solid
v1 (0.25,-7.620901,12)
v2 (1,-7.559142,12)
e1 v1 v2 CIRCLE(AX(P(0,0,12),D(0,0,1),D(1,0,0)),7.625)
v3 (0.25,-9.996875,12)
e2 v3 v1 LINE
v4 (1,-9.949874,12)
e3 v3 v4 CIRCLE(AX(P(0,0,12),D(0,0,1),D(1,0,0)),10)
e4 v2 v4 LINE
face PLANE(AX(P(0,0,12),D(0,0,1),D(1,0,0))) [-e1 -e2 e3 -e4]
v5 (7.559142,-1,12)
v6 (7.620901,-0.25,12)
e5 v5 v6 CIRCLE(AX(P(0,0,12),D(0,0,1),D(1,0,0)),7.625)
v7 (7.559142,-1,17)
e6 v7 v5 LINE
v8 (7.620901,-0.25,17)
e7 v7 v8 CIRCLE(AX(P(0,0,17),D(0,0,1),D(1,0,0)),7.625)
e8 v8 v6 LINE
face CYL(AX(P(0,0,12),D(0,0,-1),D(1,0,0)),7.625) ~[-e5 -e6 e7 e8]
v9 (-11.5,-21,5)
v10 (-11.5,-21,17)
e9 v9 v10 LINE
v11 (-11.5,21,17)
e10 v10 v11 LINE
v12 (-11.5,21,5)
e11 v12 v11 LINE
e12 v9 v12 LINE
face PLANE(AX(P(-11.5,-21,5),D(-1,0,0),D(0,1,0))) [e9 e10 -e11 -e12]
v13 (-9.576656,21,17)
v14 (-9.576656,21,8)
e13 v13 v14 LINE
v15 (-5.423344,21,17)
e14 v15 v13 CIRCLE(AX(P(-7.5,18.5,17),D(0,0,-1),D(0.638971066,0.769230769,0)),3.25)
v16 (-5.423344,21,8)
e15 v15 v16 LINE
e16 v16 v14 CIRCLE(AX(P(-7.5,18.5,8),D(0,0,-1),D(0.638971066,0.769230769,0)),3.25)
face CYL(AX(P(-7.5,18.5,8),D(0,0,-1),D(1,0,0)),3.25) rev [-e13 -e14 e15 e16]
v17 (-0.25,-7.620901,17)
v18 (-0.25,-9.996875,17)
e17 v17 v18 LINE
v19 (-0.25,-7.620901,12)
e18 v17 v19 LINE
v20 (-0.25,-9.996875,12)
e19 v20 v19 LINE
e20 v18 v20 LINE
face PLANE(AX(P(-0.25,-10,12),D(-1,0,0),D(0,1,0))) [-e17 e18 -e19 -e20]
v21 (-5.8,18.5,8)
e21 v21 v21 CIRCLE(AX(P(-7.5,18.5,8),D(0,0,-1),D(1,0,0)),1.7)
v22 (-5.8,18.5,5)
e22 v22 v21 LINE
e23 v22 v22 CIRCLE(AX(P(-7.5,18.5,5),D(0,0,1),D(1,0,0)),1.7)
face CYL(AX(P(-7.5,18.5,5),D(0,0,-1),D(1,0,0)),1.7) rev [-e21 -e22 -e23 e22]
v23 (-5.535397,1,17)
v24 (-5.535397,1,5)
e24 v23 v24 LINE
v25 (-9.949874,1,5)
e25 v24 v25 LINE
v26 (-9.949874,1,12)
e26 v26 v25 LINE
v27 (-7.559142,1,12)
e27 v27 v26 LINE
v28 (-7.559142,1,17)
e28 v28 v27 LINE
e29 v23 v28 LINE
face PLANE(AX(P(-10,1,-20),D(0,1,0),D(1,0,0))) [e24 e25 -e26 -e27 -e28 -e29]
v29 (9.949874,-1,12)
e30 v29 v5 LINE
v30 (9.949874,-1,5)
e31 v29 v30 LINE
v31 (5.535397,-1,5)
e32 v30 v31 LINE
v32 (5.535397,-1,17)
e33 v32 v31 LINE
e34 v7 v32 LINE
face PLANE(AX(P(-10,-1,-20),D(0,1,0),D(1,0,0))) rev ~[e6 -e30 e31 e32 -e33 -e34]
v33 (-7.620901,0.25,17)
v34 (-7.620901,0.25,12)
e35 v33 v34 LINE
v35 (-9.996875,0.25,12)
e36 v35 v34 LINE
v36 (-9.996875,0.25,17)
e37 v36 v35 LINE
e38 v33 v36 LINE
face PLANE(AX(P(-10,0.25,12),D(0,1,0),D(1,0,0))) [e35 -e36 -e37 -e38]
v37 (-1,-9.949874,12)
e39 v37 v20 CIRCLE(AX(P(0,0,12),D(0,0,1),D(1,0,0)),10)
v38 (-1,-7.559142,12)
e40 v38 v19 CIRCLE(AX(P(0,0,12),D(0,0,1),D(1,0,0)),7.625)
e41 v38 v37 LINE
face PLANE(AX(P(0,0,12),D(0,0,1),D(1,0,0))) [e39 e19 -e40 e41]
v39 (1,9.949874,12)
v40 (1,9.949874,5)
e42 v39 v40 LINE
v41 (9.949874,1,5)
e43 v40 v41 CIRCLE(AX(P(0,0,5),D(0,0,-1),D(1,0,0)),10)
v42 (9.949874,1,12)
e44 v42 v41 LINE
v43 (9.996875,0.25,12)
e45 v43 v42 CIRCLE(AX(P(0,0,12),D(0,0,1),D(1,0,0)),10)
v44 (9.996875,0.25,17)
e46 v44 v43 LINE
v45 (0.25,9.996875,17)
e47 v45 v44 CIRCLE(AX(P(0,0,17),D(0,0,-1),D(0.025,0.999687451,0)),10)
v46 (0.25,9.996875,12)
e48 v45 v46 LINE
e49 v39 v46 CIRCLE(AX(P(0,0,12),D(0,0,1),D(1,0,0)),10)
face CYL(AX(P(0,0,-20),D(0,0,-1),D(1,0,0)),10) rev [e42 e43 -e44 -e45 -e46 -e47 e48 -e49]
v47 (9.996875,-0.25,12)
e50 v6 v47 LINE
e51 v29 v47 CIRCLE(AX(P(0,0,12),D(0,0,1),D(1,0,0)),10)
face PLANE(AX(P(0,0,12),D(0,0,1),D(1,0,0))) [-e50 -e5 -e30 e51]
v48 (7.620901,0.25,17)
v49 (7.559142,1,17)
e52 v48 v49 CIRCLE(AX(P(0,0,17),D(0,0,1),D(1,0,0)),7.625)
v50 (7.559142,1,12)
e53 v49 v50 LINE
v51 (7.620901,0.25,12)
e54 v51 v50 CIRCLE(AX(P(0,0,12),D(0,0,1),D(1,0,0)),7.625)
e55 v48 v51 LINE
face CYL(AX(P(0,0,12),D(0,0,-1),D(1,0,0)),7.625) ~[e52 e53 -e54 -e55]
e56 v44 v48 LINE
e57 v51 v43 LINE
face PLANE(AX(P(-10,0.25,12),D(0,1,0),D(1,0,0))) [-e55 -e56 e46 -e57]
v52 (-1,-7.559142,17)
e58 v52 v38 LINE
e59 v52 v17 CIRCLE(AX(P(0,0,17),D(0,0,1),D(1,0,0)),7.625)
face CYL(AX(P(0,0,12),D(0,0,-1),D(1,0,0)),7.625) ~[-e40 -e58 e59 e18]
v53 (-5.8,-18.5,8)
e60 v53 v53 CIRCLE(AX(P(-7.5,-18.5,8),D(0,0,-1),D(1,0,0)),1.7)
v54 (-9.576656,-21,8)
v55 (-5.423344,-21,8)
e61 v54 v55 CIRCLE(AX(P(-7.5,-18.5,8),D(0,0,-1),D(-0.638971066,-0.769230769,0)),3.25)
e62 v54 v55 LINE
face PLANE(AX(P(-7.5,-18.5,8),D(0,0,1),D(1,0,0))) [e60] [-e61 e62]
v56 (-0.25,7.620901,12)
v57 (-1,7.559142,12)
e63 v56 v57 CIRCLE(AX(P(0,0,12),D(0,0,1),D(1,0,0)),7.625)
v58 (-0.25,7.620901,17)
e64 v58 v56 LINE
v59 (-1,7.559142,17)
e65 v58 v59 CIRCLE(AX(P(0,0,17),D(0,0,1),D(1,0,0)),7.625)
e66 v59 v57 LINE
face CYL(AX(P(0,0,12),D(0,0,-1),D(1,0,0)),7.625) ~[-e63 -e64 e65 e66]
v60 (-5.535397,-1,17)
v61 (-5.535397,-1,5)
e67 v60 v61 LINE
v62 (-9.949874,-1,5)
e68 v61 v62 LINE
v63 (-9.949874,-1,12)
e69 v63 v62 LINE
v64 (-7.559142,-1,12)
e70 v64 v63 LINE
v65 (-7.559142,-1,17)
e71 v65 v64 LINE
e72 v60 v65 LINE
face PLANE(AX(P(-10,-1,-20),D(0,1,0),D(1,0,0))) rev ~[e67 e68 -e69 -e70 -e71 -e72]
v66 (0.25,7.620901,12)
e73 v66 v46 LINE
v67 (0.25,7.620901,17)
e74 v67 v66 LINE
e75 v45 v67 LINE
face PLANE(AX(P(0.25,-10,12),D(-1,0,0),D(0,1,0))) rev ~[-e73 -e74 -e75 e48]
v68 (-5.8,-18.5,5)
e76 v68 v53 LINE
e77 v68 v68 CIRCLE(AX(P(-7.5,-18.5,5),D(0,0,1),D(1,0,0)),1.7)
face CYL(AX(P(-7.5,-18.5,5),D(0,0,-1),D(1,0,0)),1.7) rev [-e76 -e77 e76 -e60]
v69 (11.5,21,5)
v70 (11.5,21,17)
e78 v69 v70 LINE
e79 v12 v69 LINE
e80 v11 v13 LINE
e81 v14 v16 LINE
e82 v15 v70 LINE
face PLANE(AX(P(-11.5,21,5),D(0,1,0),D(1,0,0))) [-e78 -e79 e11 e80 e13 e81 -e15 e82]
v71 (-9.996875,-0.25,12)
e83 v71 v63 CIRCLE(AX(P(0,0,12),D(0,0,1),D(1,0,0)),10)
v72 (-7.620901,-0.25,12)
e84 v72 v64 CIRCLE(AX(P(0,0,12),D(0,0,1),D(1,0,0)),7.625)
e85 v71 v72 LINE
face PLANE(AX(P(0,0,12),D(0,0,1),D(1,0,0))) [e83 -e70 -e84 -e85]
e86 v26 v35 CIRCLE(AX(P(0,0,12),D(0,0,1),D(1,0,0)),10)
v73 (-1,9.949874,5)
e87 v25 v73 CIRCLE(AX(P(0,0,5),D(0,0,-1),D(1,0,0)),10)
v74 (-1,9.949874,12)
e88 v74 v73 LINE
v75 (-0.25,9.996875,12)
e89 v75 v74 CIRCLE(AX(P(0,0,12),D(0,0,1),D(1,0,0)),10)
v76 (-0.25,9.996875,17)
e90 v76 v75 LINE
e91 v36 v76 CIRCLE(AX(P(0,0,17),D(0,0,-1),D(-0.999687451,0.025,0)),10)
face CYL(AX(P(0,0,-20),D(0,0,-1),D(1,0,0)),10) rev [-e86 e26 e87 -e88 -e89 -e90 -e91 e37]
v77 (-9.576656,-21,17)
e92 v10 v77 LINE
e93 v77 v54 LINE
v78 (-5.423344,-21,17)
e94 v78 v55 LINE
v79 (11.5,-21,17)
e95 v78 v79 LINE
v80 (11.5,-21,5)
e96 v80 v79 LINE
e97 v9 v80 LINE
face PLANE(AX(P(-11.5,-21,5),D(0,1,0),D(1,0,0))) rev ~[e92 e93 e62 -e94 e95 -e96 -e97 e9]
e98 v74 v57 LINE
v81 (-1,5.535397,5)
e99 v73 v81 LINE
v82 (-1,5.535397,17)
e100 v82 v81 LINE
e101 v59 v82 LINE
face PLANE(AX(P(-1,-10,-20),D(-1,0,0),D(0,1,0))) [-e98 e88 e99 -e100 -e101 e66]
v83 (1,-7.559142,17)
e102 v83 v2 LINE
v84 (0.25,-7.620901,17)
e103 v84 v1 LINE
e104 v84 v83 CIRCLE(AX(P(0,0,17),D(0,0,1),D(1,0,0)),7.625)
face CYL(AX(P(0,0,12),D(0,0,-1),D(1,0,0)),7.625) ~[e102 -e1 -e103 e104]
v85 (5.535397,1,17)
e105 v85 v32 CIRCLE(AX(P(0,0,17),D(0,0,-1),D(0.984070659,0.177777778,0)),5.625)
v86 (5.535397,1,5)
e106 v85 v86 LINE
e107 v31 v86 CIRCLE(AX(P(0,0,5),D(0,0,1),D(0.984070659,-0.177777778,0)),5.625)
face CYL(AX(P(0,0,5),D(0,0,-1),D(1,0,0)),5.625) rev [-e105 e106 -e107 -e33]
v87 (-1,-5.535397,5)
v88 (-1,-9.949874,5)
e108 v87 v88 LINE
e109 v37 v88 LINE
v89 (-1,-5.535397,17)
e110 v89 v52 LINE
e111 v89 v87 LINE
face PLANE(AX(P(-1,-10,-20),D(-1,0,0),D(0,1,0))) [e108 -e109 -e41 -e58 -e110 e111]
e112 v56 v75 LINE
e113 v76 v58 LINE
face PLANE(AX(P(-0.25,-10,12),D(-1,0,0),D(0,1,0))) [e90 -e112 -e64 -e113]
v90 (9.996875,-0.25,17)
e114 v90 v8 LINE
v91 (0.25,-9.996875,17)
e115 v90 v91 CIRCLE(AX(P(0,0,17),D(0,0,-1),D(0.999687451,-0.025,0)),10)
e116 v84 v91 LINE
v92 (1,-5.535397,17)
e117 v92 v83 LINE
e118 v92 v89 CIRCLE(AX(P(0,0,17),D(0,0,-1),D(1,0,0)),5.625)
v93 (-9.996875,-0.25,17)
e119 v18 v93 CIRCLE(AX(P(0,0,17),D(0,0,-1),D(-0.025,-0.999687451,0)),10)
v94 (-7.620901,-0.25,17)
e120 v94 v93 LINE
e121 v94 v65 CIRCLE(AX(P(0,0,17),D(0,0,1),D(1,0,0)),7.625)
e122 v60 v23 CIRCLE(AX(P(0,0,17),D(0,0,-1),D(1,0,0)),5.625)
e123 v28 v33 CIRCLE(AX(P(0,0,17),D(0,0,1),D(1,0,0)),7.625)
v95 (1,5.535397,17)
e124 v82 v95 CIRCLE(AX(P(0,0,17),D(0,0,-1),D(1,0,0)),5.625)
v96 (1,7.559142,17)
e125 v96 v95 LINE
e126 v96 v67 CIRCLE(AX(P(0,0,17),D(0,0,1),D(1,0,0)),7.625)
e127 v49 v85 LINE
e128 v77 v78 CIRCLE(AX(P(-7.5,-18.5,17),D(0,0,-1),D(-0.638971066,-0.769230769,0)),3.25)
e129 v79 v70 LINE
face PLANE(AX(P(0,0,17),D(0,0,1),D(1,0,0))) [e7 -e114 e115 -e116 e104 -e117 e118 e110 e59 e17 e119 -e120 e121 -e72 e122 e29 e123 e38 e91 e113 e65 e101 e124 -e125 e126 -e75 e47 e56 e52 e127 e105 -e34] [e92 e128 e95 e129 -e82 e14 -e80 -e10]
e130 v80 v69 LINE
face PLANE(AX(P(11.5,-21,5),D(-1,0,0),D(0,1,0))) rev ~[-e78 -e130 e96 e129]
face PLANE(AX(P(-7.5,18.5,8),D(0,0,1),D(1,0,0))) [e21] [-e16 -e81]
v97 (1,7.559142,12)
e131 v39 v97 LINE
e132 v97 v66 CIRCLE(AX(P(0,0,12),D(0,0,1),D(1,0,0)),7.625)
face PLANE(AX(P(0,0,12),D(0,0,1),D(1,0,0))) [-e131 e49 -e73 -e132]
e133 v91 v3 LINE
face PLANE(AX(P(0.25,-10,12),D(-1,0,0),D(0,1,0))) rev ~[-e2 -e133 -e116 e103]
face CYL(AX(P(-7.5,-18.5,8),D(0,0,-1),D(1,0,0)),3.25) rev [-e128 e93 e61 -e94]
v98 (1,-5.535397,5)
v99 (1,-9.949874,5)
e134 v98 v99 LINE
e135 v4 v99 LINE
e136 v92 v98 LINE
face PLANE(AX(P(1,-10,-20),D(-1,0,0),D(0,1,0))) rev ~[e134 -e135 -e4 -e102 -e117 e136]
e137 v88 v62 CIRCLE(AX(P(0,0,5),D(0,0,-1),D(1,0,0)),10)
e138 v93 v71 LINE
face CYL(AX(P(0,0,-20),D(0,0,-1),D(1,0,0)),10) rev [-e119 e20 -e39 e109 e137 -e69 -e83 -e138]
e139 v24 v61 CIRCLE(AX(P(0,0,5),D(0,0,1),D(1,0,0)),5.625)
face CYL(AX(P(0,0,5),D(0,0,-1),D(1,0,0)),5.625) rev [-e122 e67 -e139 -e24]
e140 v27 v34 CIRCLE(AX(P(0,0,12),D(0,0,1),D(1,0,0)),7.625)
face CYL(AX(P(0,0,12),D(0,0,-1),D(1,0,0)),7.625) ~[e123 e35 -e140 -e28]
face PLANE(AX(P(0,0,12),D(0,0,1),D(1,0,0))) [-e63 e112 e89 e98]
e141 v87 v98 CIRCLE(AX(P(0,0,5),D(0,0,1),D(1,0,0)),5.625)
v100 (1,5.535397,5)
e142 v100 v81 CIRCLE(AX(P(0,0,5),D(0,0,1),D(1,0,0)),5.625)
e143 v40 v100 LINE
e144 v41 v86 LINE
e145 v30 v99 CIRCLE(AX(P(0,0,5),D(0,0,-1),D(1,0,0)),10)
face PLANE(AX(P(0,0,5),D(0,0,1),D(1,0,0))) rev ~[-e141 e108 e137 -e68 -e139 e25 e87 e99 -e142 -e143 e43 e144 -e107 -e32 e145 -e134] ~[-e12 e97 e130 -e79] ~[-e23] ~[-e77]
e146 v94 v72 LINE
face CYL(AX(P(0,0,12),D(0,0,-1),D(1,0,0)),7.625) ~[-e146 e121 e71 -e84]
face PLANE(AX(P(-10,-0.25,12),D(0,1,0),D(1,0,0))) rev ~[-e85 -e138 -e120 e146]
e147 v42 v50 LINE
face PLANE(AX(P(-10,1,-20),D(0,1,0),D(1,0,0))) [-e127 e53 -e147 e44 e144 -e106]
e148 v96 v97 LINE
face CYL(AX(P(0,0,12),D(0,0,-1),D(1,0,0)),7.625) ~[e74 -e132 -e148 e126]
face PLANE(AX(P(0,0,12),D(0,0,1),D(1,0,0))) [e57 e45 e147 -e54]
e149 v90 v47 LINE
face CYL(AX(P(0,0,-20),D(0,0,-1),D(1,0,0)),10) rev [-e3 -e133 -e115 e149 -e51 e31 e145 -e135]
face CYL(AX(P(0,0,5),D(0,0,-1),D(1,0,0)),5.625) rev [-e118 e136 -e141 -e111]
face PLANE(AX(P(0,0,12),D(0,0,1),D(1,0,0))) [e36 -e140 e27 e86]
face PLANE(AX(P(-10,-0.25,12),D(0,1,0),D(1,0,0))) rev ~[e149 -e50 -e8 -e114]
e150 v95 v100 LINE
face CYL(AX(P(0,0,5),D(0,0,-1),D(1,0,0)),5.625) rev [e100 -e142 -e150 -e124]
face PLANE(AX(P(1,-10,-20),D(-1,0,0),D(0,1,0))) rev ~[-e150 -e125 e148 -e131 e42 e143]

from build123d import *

# Parameters (mm, degrees)
BOX009_W                    = 20
BOX009_H                    = 2
BOX009_DEPTH                = 80
BOX010_W                    = 20
BOX010_H                    = 2
BOX010_DEPTH                = 80
COMPOUND004_PLACEMENT_ANGLE = 90
TUBE012_R                   = 10
TUBE012_R_2                 = 3.25
TUBE012_DEPTH               = 80
CYLINDER003_R               = 1.7
CYLINDER003_DEPTH           = 12
CYLINDER004_R               = 3.25
CYLINDER004_DEPTH           = 9
CYLINDER005_R               = 1.7
CYLINDER005_DEPTH           = 12
CYLINDER006_R               = 3.25
CYLINDER006_DEPTH           = 9
TUBE005_R                   = 7.625
TUBE005_R_2                 = 5.625
TUBE005_DEPTH               = 5
TUBE004_R                   = 7.625
TUBE004_R_2                 = 5.625
TUBE004_DEPTH               = 5
BOX003_W                    = 20
BOX003_H                    = 0.5
BOX003_DEPTH                = 40
BOX004_W                    = 20
BOX004_H                    = 0.5
BOX004_DEPTH                = 40
COMPOUND001_PLACEMENT_ANGLE = 90
TUBE003_R                   = 10
TUBE003_R_2                 = 3.25
TUBE003_DEPTH               = 40
CYLINDER_R                  = 5.625
CYLINDER_DEPTH              = 100
BOX002_W                    = 23
BOX002_H                    = 42
BOX002_DEPTH                = 12


with BuildPart() as cube009:
    # Box009 → Box009 (new body)
    with BuildSketch(Plane(origin=(-10, -1, -20), x_dir=(1, 0, 0), z_dir=(0, 0, 1))):
        with Locations((10, 1)):
            Rectangle(BOX009_W, BOX009_H)
    extrude(amount=BOX009_DEPTH)


with BuildPart() as fusion007:
    # Box010 → Box010 (new body)
    with BuildSketch(Plane(origin=(-10, -1, -20), x_dir=(1, 0, 0), z_dir=(0, 0, 1))):
        with Locations((10, 1)):
            Rectangle(BOX010_W, BOX010_H)
    extrude(amount=BOX010_DEPTH)


with BuildPart() as fusion007_1:
    # Compound004 placement: moved
    add(fusion007.part.rotate(Axis((0, 0, 0), (0, 0, 1)), COMPOUND004_PLACEMENT_ANGLE))

    # Fusion007: union Cube009
    add(cube009.part)


with BuildPart() as cut017:
    # Tube012 → Tube012 (new body)
    with BuildSketch(Plane.XY.offset(-20)):
        Circle(TUBE012_R)
        Circle(TUBE012_R_2, mode=Mode.SUBTRACT)
    extrude(amount=TUBE012_DEPTH)

    # Cut017: cut Fusion007
    add(fusion007_1.part, mode=Mode.SUBTRACT)


with BuildPart() as cylinder003:
    # Cylinder003 → Cylinder003 (new body)
    with BuildSketch(Plane.XY):
        Circle(CYLINDER003_R)
    extrude(amount=CYLINDER003_DEPTH)


with BuildPart() as fusion003:
    # Cylinder004 → Cylinder004 (new body)
    with BuildSketch(Plane.XY.offset(3)):
        Circle(CYLINDER004_R)
    extrude(amount=CYLINDER004_DEPTH)

    # Fusion003: union Cylinder003
    add(cylinder003.part)


with BuildPart() as fusion003_1:
    # Fusion003 placement: moved
    add(fusion003.part.moved(Location((-7.5, 18.5, 0))))


with BuildPart() as cylinder005:
    # Cylinder005 → Cylinder005 (new body)
    with BuildSketch(Plane.XY):
        Circle(CYLINDER005_R)
    extrude(amount=CYLINDER005_DEPTH)


with BuildPart() as fusion005:
    # Cylinder006 → Cylinder006 (new body)
    with BuildSketch(Plane.XY.offset(3)):
        Circle(CYLINDER006_R)
    extrude(amount=CYLINDER006_DEPTH)

    # Fusion004: union Cylinder005
    add(cylinder005.part)


with BuildPart() as fusion005_1:
    # Fusion004 placement: moved
    add(fusion005.part.moved(Location((-7.5, -18.5, 0))))

    # Fusion005: union Fusion003
    add(fusion003_1.part)


with BuildPart() as fusion005_2:
    # Fusion005 placement: moved
    add(fusion005_1.part.moved(Location((0, 0, 1))))


with BuildPart() as mountringgroove003:
    # Tube005 → Tube005 (new body)
    with BuildSketch(Plane.XY.offset(35)):
        Circle(TUBE005_R)
        Circle(TUBE005_R_2, mode=Mode.SUBTRACT)
    extrude(amount=TUBE005_DEPTH)


with BuildPart() as mountringgroove002:
    # Tube004 → Tube004 (new body)
    with BuildSketch(Plane.XY):
        Circle(TUBE004_R)
        Circle(TUBE004_R_2, mode=Mode.SUBTRACT)
    extrude(amount=TUBE004_DEPTH)


with BuildPart() as cube003:
    # Box003 → Box003 (new body)
    with BuildSketch(Plane(origin=(-10, -0.25, 0), x_dir=(1, 0, 0), z_dir=(0, 0, 1))):
        with Locations((10, 0.25)):
            Rectangle(BOX003_W, BOX003_H)
    extrude(amount=BOX003_DEPTH)


with BuildPart() as fusion001:
    # Box004 → Box004 (new body)
    with BuildSketch(Plane(origin=(-10, -0.25, 0), x_dir=(1, 0, 0), z_dir=(0, 0, 1))):
        with Locations((10, 0.25)):
            Rectangle(BOX004_W, BOX004_H)
    extrude(amount=BOX004_DEPTH)


with BuildPart() as fusion001_1:
    # Compound001 placement: moved
    add(fusion001.part.rotate(Axis((0, 0, 0), (0, 0, 1)), COMPOUND001_PLACEMENT_ANGLE))

    # Fusion001: union Cube003
    add(cube003.part)


with BuildPart() as cut006:
    # Tube003 → Tube003 (new body)
    with BuildSketch(Plane.XY):
        Circle(TUBE003_R)
        Circle(TUBE003_R_2, mode=Mode.SUBTRACT)
    extrude(amount=TUBE003_DEPTH)

    # Cut004: cut Fusion001
    add(fusion001_1.part, mode=Mode.SUBTRACT)

    # Cut005: cut MountringGroove002
    add(mountringgroove002.part, mode=Mode.SUBTRACT)

    # Cut006: cut MountringGroove003
    add(mountringgroove003.part, mode=Mode.SUBTRACT)


with BuildPart() as cut006_1:
    # Cut006 placement: moved
    add(cut006.part.moved(Location((0, 0, 7))))


with BuildPart() as cylinder:
    # Cylinder → Cylinder (new body)
    with BuildSketch(Plane.XY):
        Circle(CYLINDER_R)
    extrude(amount=CYLINDER_DEPTH)


with BuildPart() as bottommount:
    # Box002 → Box002 (new body)
    with BuildSketch(Plane(origin=(-11.5, -21, 0), x_dir=(1, 0, 0), z_dir=(0, 0, 1))):
        with Locations((11.5, 21)):
            Rectangle(BOX002_W, BOX002_H)
    extrude(amount=BOX002_DEPTH)

    # Cut003: cut Cylinder
    add(cylinder.part, mode=Mode.SUBTRACT)

    # Cut007: cut Cut006
    add(cut006_1.part, mode=Mode.SUBTRACT)


with BuildPart() as bottommount_1:
    # Cut007 placement: moved
    add(bottommount.part.moved(Location((0, 0, 1))))

    # Cut013: cut Fusion005
    add(fusion005_2.part, mode=Mode.SUBTRACT)


with BuildPart() as bottommount_2:
    # Cut013 placement: moved
    add(bottommount_1.part.moved(Location((0, 0, 4))))

    # Cut020: cut Cut017
    add(cut017.part, mode=Mode.SUBTRACT)


solid = bottommount_2.part
